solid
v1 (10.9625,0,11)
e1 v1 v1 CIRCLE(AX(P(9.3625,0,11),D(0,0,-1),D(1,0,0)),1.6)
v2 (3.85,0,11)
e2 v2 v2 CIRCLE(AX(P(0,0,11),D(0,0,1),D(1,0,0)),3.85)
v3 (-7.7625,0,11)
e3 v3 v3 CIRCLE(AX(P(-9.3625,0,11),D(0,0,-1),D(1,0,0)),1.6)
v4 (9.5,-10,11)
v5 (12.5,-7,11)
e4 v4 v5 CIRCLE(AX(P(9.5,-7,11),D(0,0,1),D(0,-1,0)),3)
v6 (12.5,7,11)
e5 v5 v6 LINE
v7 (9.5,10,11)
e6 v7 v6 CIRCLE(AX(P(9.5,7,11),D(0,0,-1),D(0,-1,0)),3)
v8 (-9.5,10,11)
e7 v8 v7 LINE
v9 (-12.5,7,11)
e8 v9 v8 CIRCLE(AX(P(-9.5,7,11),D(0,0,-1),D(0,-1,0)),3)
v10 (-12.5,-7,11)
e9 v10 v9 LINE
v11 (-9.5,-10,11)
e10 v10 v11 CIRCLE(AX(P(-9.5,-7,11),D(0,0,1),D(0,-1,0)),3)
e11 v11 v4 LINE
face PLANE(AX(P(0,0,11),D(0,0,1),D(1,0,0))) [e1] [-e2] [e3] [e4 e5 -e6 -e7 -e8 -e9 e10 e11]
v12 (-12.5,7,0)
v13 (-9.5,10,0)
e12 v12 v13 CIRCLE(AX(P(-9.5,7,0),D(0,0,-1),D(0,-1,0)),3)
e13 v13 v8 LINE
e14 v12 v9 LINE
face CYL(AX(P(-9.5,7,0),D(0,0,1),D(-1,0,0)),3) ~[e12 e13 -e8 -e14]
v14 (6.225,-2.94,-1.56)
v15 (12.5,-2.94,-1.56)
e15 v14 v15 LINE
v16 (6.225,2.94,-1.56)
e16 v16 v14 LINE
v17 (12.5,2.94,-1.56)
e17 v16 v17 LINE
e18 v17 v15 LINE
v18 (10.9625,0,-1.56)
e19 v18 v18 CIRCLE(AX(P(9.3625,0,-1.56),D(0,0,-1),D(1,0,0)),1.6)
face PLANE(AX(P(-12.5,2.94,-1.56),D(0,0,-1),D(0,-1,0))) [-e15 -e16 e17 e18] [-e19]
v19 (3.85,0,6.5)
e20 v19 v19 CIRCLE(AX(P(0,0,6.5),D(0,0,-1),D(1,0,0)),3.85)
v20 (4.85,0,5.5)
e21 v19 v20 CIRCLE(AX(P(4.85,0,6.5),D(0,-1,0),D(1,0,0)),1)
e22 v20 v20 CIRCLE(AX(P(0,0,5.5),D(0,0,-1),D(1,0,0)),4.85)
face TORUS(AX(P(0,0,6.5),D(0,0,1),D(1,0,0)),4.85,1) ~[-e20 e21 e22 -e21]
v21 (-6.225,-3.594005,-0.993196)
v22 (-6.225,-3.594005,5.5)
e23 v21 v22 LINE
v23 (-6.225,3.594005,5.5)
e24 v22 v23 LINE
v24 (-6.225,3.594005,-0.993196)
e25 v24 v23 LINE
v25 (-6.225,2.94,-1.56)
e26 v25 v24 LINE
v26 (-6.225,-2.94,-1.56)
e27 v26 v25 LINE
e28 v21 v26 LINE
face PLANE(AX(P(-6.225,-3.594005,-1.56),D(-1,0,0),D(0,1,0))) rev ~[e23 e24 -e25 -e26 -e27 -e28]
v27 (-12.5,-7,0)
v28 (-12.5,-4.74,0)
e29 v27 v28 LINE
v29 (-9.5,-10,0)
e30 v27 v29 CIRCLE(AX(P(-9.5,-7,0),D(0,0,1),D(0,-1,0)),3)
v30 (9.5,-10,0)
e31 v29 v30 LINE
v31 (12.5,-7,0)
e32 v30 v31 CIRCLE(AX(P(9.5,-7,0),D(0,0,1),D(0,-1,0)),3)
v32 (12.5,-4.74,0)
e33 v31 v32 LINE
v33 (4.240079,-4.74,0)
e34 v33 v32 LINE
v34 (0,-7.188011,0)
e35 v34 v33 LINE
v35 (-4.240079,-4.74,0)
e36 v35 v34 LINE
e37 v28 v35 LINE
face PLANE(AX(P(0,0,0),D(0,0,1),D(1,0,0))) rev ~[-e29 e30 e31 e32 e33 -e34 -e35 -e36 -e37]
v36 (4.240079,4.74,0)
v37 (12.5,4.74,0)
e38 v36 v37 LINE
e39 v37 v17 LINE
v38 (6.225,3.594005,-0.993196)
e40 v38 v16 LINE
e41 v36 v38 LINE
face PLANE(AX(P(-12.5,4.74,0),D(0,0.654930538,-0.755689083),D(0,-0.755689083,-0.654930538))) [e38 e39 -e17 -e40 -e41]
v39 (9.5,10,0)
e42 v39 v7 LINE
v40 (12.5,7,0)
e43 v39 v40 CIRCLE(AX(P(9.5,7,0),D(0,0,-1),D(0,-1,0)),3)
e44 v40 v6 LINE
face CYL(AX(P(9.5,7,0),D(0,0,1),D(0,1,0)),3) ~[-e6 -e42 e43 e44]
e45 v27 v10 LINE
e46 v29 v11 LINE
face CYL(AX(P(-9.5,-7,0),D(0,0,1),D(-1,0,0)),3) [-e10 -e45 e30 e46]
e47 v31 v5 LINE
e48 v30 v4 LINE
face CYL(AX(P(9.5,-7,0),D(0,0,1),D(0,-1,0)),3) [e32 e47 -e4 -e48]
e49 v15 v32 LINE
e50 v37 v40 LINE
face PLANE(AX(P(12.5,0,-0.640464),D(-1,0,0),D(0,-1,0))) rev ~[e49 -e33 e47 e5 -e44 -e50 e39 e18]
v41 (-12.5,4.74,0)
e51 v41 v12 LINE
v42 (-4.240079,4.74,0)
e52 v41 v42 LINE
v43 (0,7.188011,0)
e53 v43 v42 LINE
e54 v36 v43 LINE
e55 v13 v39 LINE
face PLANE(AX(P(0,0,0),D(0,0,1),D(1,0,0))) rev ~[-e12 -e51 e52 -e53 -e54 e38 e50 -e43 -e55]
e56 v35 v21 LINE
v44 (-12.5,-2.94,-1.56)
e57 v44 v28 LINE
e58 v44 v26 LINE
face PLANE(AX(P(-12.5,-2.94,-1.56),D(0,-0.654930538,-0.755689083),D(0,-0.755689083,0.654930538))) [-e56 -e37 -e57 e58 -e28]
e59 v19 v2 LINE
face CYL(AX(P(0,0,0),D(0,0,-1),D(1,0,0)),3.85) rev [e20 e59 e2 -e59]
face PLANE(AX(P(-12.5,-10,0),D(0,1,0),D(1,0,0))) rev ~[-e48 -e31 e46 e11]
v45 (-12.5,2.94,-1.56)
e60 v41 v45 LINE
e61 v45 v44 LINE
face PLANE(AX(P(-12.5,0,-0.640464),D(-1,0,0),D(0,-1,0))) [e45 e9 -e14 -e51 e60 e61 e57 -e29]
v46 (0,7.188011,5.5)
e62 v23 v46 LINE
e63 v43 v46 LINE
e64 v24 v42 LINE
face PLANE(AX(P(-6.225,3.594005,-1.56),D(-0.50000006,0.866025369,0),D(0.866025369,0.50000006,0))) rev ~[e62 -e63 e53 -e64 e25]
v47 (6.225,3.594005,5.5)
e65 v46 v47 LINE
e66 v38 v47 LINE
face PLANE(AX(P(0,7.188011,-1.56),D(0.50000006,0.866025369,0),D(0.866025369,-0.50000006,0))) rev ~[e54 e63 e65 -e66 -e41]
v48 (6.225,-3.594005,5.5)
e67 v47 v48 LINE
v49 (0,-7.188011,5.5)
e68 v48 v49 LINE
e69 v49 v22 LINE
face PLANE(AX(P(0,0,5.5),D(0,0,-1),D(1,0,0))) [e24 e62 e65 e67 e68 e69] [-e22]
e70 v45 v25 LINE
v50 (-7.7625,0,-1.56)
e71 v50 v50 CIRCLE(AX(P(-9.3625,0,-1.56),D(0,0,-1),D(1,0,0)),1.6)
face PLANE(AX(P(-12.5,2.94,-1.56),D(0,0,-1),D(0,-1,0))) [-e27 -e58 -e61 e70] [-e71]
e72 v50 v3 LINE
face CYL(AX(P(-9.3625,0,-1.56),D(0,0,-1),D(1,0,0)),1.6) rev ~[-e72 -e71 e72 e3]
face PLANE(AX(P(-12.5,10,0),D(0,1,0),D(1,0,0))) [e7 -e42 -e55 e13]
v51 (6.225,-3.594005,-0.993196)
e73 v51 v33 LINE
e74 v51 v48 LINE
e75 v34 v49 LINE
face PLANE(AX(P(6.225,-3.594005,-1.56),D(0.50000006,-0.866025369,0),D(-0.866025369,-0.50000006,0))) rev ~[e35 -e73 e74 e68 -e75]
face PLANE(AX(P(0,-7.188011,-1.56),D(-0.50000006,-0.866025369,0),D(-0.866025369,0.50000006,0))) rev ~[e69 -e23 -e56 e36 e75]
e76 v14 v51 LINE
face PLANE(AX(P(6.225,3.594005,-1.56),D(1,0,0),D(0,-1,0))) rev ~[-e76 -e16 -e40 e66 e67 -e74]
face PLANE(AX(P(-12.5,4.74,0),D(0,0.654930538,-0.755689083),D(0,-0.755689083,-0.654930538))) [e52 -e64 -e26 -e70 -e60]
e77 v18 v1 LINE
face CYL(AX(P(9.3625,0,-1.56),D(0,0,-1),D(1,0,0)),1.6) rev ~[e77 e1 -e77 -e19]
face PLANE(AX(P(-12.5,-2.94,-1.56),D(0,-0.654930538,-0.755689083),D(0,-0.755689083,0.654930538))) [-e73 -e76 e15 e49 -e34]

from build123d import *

# Parameters (mm, degrees)
SKETCH_W        = 25
SKETCH_H        = 20
SKETCH_R        = 3.85
PAD_DEPTH       = 11
PAD001_DEPTH    = 25
POCKET_DEPTH    = 7.06
SKETCH003_R     = 1.6
POCKET001_DEPTH = 12.561
FILLET_R        = 3
FILLET001_R     = 1


with BuildPart() as part:
    # Sketch → Pad (new body)
    with BuildSketch(Plane.XY):
        Rectangle(SKETCH_W, SKETCH_H)
        Circle(SKETCH_R, mode=Mode.SUBTRACT)
    extrude(amount=PAD_DEPTH)

    # Sketch001 (on Face4 of Pad) → Pad001 (join)
    with BuildSketch(Plane(origin=(-12.5, 0, 0), x_dir=(0, -1, 0), z_dir=(-1, 0, 0))):
        Polygon((0, 0), (-4.74, 0), (-2.94, -1.56), (2.94, -1.56), (4.74, 0), align=None)
    extrude(amount=-PAD001_DEPTH)

    # Sketch002 (on Face13 of Pad001) → Pocket (cut)
    with BuildSketch(Plane(origin=(0, 0, -1.56), x_dir=(1, 0, 0), z_dir=(0, 0, -1))):
        Polygon((0, -7.188011), (6.225, -3.594005), (6.225, 3.594005), (0, 7.188011), (-6.225, 3.594005), (-6.225, -3.594005), align=None)
    extrude(amount=-POCKET_DEPTH, mode=Mode.SUBTRACT)

    # Sketch003 (on Face19 of Pocket) → Pocket001 (cut, through all)
    with BuildSketch(Plane(origin=(0, 0, -1.56), x_dir=(1, 0, 0), z_dir=(0, 0, -1))):
        with Locations((-9.3625, 0)):
            Circle(SKETCH003_R)
        with Locations((9.3625, 0)):
            Circle(SKETCH003_R)
    extrude(amount=-POCKET001_DEPTH, mode=Mode.SUBTRACT)

    # Fillet
    fillet_edges = [part.edges().sort_by_distance(p)[0] for p in [
        (12.5, -10, 5.5),
        (12.5, 10, 5.5),
        (-12.5, 10, 5.5),
        (-12.5, -10, 5.5),
    ]]
    fillet(fillet_edges, radius=FILLET_R)

    # Fillet001
    fillet001_edges = [part.edges().sort_by_distance(p)[0] for p in [
        (-3.85, 0, 5.5),
    ]]
    fillet(fillet001_edges, radius=FILLET001_R)


solid = part.part
